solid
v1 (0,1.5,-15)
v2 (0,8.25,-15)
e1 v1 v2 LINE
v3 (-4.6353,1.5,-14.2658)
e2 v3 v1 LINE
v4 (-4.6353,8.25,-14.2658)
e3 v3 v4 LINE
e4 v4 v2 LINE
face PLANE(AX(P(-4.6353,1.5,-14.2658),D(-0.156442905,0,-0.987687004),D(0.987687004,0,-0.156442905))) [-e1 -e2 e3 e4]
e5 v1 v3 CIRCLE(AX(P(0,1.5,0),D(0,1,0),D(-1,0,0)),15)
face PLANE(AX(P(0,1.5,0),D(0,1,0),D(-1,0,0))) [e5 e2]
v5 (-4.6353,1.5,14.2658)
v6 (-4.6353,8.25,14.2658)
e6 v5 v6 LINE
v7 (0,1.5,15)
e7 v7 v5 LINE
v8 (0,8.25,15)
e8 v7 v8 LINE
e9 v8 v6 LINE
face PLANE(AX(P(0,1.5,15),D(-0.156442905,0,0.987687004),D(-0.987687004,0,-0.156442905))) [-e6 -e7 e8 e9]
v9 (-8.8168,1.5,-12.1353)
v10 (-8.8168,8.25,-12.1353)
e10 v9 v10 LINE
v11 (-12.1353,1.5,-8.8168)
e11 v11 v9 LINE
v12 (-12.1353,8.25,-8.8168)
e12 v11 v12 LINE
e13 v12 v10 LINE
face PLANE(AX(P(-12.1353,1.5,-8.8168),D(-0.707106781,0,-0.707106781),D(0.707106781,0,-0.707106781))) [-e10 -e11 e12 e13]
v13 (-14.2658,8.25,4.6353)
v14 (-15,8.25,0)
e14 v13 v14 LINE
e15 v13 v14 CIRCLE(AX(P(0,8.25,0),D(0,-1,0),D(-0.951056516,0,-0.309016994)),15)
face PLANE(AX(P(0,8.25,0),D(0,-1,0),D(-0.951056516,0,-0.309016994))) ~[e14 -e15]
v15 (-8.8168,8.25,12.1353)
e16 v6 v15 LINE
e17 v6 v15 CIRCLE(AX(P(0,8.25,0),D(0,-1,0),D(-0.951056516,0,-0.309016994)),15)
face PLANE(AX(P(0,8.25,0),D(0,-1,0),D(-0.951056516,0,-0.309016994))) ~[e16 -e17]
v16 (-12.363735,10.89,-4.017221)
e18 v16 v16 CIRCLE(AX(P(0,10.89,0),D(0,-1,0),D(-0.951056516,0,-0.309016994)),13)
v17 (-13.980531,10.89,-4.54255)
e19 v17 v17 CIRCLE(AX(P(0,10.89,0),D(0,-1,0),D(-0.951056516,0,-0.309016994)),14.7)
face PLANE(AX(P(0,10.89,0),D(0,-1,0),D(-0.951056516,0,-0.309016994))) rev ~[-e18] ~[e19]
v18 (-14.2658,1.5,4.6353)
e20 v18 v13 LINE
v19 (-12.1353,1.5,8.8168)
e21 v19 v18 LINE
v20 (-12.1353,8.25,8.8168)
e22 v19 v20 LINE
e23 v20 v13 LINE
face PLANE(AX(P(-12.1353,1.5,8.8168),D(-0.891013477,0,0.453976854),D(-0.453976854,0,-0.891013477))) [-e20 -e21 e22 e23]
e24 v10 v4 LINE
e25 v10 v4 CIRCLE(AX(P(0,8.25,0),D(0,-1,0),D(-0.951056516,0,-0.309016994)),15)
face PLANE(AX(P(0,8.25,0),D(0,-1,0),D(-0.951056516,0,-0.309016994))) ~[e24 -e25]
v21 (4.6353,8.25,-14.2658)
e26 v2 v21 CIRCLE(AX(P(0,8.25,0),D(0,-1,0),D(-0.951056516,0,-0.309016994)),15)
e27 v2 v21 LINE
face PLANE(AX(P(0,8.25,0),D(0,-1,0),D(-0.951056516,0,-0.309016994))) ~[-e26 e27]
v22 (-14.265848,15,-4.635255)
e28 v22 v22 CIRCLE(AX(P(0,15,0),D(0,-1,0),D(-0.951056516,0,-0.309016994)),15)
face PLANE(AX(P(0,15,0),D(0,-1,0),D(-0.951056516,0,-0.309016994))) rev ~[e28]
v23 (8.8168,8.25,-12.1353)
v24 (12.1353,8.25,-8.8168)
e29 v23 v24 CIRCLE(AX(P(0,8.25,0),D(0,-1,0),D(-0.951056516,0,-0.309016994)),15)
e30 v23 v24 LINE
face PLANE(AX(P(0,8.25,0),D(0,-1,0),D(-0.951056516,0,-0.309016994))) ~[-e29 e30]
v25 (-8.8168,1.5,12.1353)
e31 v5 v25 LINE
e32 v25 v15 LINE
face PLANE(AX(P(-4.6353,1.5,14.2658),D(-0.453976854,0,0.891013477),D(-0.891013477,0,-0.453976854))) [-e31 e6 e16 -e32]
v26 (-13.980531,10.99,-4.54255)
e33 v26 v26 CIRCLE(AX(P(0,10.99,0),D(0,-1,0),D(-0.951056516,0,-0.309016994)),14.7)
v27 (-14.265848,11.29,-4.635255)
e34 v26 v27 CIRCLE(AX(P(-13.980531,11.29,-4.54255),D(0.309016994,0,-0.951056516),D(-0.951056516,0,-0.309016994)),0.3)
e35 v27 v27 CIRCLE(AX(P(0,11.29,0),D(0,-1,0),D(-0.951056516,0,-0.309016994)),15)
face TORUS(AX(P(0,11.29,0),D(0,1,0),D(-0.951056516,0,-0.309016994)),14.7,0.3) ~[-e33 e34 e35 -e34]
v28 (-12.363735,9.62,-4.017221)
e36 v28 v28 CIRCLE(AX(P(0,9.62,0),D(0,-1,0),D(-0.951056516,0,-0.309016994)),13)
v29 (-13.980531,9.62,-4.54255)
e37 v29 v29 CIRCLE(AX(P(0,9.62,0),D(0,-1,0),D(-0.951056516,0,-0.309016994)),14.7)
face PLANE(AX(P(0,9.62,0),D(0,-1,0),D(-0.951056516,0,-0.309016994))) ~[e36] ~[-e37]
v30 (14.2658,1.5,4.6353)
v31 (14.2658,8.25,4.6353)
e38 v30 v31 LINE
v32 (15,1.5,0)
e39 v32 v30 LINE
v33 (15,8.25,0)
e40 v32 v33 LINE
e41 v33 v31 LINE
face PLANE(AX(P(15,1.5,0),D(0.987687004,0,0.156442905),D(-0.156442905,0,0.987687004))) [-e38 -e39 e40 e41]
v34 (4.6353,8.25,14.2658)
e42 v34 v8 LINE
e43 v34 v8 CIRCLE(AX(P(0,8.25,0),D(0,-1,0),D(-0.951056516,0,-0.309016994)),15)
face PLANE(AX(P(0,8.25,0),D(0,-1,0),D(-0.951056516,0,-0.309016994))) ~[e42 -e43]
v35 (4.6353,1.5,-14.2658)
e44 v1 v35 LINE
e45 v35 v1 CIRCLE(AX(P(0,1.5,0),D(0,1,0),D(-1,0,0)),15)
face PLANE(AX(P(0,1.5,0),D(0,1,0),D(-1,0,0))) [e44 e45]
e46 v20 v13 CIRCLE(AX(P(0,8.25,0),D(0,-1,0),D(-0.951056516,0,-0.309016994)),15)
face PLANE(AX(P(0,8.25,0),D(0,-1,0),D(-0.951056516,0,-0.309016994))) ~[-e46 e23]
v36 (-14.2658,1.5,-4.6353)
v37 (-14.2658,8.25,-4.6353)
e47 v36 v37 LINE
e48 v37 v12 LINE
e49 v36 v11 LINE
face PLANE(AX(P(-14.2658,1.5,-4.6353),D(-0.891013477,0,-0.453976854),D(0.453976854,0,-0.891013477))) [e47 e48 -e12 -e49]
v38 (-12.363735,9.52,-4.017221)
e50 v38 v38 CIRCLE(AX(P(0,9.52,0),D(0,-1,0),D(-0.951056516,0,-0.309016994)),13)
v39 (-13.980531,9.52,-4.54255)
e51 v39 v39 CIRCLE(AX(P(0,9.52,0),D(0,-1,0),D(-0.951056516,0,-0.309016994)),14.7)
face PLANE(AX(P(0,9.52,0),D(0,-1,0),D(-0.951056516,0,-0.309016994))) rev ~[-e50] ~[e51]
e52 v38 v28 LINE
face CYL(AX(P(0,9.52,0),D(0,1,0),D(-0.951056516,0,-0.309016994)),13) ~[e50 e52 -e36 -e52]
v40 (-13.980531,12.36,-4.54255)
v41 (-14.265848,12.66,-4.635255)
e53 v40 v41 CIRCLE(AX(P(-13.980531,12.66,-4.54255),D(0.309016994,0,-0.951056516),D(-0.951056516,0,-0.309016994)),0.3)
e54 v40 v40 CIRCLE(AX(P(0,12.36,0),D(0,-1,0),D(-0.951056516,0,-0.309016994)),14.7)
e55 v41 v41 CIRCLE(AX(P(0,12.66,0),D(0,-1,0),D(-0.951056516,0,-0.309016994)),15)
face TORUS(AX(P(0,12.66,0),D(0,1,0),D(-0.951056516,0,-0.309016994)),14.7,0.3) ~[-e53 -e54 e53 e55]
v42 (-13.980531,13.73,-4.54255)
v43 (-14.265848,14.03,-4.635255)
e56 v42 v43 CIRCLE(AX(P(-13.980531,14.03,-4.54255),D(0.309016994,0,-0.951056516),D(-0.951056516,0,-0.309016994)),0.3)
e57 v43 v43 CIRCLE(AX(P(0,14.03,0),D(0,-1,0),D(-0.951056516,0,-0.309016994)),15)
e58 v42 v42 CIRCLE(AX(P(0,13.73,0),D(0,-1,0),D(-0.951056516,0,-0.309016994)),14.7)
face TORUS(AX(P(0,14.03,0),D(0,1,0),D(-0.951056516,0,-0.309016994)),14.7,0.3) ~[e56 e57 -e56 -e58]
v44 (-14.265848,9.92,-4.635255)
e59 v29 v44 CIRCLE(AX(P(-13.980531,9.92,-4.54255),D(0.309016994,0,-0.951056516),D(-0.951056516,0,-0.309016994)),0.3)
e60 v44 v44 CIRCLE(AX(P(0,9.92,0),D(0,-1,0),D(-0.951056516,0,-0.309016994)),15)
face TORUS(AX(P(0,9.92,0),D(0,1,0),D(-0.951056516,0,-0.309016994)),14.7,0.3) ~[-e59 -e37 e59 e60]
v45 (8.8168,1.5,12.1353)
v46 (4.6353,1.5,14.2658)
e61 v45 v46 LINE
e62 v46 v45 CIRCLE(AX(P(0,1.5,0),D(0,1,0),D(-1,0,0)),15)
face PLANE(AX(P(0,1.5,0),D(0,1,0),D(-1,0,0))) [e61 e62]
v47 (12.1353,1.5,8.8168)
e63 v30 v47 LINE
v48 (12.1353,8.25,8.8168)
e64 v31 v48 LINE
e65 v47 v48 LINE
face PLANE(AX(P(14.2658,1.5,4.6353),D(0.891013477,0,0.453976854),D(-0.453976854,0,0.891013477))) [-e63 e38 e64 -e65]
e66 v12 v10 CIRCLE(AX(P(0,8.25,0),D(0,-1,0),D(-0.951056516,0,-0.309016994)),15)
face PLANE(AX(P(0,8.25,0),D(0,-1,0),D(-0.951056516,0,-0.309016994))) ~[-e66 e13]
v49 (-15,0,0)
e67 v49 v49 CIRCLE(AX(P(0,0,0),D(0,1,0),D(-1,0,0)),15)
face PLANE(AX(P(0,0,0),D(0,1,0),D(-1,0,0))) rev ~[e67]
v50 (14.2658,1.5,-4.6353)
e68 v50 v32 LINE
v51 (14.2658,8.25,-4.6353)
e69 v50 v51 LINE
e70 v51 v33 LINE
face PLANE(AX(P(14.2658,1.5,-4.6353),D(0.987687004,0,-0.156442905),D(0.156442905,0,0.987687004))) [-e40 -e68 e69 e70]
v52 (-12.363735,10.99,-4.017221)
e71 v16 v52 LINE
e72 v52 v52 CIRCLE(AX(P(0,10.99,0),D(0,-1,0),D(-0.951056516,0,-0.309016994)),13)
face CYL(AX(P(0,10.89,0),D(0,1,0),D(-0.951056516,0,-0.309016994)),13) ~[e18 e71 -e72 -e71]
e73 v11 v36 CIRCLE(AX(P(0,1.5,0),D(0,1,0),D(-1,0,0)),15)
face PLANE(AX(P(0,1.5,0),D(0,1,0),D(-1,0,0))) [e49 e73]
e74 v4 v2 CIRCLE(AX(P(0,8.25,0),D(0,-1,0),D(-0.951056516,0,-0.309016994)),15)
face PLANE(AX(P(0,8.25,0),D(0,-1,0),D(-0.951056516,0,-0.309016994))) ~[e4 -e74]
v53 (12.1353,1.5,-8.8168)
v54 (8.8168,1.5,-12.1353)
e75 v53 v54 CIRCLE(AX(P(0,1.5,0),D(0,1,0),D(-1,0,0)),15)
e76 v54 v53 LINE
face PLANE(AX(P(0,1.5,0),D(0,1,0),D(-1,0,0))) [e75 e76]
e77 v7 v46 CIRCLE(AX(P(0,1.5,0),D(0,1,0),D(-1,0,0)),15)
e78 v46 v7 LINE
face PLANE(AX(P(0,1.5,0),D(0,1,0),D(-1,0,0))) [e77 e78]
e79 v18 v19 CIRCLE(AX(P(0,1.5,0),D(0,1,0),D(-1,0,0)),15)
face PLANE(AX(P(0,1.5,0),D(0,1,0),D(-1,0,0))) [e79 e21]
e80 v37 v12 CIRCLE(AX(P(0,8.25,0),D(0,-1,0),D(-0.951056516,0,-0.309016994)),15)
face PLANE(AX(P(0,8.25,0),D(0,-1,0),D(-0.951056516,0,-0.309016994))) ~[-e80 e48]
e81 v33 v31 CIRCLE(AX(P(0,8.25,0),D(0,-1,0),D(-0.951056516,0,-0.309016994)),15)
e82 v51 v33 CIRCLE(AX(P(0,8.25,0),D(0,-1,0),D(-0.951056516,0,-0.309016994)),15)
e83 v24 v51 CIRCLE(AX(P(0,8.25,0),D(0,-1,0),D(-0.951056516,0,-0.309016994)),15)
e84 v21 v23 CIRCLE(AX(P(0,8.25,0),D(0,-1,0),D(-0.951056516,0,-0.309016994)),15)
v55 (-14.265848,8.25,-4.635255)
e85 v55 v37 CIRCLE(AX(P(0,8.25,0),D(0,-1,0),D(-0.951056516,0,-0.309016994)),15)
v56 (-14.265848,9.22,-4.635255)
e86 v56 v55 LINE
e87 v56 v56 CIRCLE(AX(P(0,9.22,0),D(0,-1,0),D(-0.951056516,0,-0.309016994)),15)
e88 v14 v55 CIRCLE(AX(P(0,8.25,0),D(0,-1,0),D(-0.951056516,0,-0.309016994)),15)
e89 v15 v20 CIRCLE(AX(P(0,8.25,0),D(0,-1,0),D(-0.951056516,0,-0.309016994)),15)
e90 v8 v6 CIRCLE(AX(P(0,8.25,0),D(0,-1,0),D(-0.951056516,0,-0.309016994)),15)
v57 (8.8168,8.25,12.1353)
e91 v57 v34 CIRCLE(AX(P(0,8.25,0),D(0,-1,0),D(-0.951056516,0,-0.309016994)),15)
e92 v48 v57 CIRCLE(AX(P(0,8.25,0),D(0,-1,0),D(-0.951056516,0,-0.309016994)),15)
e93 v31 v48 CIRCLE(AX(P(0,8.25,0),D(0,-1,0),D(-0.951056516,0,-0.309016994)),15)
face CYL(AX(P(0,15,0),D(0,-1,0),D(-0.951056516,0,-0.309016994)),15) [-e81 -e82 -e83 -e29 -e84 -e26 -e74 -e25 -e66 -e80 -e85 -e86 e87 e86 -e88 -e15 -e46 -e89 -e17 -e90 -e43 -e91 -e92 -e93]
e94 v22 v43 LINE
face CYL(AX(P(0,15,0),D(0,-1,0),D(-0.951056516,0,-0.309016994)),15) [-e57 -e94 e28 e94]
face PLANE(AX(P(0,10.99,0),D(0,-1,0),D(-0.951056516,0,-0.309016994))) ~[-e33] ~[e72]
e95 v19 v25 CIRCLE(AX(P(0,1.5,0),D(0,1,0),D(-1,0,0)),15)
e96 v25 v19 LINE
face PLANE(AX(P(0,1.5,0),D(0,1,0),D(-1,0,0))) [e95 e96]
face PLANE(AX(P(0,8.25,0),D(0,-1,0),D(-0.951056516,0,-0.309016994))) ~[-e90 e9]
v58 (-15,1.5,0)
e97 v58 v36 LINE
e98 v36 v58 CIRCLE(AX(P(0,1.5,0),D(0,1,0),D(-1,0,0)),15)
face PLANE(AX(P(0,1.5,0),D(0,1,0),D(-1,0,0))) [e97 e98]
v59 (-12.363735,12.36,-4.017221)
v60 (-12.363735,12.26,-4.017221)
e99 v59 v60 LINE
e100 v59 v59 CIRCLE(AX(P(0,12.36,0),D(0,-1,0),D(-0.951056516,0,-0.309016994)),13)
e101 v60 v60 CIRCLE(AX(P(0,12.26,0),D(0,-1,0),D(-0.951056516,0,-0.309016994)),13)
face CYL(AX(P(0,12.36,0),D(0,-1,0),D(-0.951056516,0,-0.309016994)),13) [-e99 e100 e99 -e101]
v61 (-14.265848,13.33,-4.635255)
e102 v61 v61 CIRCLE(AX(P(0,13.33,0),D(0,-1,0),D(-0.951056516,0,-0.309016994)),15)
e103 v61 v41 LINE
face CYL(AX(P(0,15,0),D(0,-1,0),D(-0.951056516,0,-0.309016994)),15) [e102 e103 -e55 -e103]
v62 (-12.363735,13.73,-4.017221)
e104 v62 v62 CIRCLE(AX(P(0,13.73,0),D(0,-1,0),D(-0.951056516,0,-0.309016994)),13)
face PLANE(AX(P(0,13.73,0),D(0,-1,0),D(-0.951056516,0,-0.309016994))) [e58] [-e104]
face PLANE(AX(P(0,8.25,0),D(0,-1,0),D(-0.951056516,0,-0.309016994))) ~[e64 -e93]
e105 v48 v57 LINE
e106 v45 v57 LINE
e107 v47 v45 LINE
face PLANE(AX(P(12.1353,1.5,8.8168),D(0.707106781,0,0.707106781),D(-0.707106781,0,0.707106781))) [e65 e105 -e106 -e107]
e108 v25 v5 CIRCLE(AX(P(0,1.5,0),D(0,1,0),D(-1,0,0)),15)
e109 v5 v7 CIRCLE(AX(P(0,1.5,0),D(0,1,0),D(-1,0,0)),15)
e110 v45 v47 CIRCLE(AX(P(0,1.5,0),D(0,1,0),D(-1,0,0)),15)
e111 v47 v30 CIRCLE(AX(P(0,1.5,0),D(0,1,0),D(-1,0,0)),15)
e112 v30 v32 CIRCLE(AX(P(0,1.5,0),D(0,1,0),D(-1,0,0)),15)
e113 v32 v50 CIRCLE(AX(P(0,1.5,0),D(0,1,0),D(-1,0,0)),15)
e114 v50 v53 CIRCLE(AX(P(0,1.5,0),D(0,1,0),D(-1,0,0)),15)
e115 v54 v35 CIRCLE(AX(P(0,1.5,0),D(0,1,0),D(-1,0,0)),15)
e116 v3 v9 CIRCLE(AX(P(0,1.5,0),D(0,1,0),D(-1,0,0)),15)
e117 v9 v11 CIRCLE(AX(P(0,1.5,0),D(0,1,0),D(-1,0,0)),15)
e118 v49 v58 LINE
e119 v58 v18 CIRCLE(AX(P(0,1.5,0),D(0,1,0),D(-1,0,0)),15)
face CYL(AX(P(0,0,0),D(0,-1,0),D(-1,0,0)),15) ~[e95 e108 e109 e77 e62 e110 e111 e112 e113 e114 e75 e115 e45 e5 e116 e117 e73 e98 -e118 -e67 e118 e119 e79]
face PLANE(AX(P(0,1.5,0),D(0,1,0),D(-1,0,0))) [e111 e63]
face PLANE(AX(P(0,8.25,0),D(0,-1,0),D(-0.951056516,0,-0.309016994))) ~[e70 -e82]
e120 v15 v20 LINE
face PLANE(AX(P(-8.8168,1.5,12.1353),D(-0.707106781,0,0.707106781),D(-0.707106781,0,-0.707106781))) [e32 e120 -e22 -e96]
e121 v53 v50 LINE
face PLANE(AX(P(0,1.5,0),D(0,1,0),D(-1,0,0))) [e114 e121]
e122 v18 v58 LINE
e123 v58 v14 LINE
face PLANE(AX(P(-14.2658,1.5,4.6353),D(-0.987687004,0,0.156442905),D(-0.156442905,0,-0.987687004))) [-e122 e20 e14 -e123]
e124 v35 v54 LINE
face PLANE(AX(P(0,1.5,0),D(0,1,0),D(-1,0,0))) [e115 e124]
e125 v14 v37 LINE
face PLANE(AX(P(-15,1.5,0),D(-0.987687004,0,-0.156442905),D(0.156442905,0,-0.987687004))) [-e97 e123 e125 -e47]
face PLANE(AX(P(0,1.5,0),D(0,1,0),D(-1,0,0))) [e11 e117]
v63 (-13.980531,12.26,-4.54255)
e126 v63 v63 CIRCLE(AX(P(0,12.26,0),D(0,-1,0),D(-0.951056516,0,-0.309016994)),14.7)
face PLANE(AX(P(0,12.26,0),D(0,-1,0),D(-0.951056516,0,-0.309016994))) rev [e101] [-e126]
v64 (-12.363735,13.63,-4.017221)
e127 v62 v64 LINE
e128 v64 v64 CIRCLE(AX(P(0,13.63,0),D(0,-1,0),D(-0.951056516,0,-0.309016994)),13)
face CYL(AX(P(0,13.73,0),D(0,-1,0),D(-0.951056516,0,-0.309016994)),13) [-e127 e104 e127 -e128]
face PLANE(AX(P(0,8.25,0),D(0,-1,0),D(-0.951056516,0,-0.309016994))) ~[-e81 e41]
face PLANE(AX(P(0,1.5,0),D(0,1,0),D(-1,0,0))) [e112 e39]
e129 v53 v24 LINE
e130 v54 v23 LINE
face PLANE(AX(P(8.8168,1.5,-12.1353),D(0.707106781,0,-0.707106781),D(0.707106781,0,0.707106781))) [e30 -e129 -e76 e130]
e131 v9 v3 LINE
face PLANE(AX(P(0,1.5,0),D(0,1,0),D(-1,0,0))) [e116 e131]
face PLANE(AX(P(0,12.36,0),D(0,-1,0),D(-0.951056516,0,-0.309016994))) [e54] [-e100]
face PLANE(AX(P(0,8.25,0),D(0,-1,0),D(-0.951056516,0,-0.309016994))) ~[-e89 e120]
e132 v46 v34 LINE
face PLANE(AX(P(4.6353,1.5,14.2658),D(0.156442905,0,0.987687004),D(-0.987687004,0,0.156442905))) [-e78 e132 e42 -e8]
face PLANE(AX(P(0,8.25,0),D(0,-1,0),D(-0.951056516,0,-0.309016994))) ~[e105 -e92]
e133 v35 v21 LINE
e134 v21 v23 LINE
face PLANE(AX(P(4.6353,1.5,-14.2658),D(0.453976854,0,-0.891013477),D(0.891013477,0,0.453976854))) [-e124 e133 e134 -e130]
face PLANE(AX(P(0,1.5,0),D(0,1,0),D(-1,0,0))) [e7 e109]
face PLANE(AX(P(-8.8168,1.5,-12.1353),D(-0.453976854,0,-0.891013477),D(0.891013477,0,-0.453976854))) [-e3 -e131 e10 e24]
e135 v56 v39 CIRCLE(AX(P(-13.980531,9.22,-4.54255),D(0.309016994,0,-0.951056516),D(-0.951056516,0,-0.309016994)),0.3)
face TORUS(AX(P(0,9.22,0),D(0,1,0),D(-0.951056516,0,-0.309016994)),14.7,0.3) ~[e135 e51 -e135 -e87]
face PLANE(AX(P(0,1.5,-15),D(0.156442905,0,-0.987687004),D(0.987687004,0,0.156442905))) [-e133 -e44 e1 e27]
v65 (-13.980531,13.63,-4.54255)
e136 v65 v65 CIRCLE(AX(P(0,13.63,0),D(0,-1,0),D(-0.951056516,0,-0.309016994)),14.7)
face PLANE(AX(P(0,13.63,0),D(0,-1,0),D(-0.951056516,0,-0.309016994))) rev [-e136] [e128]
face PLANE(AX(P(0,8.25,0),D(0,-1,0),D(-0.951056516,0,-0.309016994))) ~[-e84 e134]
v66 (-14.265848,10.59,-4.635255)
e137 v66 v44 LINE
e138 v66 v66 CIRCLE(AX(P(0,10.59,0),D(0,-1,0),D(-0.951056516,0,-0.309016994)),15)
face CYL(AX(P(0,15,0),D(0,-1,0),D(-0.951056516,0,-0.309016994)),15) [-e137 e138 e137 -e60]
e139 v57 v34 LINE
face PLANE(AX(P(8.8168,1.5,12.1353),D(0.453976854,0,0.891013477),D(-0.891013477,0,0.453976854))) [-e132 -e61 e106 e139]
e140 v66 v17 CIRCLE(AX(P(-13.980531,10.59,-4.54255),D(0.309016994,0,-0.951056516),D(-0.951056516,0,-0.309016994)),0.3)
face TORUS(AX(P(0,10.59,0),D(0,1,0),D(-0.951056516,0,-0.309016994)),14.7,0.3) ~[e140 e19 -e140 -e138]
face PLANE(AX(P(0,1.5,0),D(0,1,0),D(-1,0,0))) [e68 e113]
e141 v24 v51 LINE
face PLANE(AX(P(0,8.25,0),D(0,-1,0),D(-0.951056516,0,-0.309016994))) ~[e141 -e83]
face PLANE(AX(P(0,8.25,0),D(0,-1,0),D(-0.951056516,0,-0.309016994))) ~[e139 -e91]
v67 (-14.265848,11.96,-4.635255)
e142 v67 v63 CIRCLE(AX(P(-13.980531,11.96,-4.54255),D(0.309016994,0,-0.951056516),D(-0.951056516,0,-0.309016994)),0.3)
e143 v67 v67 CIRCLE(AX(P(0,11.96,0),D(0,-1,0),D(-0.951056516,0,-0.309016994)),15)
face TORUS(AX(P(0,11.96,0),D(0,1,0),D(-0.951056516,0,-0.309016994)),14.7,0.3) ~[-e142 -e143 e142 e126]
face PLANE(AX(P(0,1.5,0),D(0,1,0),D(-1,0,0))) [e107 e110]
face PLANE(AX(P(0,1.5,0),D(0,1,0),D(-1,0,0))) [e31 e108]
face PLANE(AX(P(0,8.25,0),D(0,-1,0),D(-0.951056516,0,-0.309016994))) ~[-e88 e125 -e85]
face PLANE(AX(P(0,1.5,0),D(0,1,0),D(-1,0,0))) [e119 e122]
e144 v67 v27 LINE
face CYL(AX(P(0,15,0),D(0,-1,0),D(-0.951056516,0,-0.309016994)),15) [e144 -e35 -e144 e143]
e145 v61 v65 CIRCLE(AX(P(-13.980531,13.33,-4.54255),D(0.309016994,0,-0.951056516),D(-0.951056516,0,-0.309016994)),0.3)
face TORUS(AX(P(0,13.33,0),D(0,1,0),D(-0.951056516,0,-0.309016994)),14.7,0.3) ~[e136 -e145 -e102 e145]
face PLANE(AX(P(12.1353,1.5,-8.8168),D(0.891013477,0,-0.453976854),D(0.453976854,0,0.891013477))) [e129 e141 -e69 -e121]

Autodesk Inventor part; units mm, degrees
ref_plane "YZ Plane" through (0, 0, 0) normal (1, 0, 0) x (0, 1, 0)
ref_plane "XZ Plane" through (0, 0, 0) normal (0, 1, 0) x (-1, 0, 0)
sketch "草圖1" plane through (0, 0, 0) normal (0, 1, 0) x (-1, 0, 0)
  circle A0 centre (0, 0) radius 15
  dimension "d0" = 30
extrude "擠出1" add sketch "草圖1" along normal blind 1.5
sketch "草圖4" plane through (0, 1.5, 0) normal (0, 1, 0) x (1, 0, 0)
  circle A0 centre (0, 0) radius 15 projected
  line L0 (0, 15) -> (4.6353, 14.2658)
  line L1 (4.6353, 14.2658) -> (8.8168, 12.1353)
  line L2 (8.8168, 12.1353) -> (12.1353, 8.8168)
  line L3 (12.1353, 8.8168) -> (14.2658, 4.6353)
  line L4 (14.2658, 4.6353) -> (15, 0)
  line L5 (15, 0) -> (14.2658, -4.6353)
  line L6 (14.2658, -4.6353) -> (12.1353, -8.8168)
  line L7 (12.1353, -8.8168) -> (8.8168, -12.1353)
  line L8 (8.8168, -12.1353) -> (4.6353, -14.2658)
  line L9 (4.6353, -14.2658) -> (0, -15)
  line L10 (0, -15) -> (-4.6353, -14.2658)
  line L11 (-4.6353, -14.2658) -> (-8.8168, -12.1353)
  line L12 (-8.8168, -12.1353) -> (-12.1353, -8.8168)
  line L13 (-12.1353, -8.8168) -> (-14.2658, -4.6353)
  line L14 (-14.2658, -4.6353) -> (-15, 0)
  line L15 (-15, 0) -> (-14.2658, 4.6353)
  line L16 (-14.2658, 4.6353) -> (-12.1353, 8.8168)
  line L17 (-12.1353, 8.8168) -> (-8.8168, 12.1353)
  line L18 (-8.8168, 12.1353) -> (-4.6353, 14.2658)
  line L19 (-4.6353, 14.2658) -> (0, 15)
extrude "擠出4" add sketch "草圖4" along normal blind 6.75 contours L5 L6 L7 L8 L9 L10 L11 L12 L13 L14 L15 L16 L17 L18 L19 L0 L1 L2 L3 L4
ref_plane "工作平面4" through (0, 1.5, 0) normal (-0.309, 0, 0.9511) x (0, 1, 0)
sketch "草圖6" plane through (0, 1.5, 0) normal (-0.309, 0, 0.9511) x (0, 1, 0)
  line L0 (6.75, 0) -> (6.75, 4.6353) projected
  line L1 (0, 15) -> (6.75, 15) projected
  line L2 (6.75, 0) -> (6.75, 15)
  line L3 (13.5, 15) -> (13.5, 0)
  line L4 (13.5, 0) -> (6.75, 0)
  line L5 (13.5, 15) -> (12.23, 15)
  line L6 (12.23, 15) -> (12.13, 15)
  line L7 (13.5, 15) -> (6.75, 15)
  line L8 (12.23, 15) -> (12.13, 15)
  line L9 (12.13, 15) -> (10.86, 15)
  line L10 (10.86, 15) -> (10.76, 15)
  line L11 (10.76, 15) -> (9.49, 15)
  line L12 (9.49, 15) -> (9.39, 15)
  line L13 (9.39, 15) -> (8.12, 15)
  line L14 (8.12, 15) -> (8.02, 15)
  line L15 (6.75, 14.2658) -> (6.75, 15) projected
  line L16 (8.02, 15) -> (6.75, 15)
  line L17 (12.13, 15) -> (12.23, 15)
  line L18 (12.23, 15) -> (12.23, 13)
  line L19 (12.23, 13) -> (12.13, 13)
  line L20 (12.13, 13) -> (12.13, 15)
  line L21 (10.76, 15) -> (10.86, 15)
  line L22 (10.86, 15) -> (10.86, 13)
  line L23 (10.86, 13) -> (10.76, 13)
  line L24 (10.76, 13) -> (10.76, 15)
  line L25 (9.49, 15) -> (9.39, 15)
  line L26 (9.39, 15) -> (9.39, 13)
  line L27 (9.39, 13) -> (9.49, 13)
  line L28 (9.49, 13) -> (9.49, 15)
  line L29 (8.12, 15) -> (8.02, 15)
  line L30 (8.02, 15) -> (8.02, 13)
  line L31 (8.02, 13) -> (8.12, 13)
  line L32 (8.12, 13) -> (8.12, 15)
  point P0 (-1.5, 0)
  point P1 (6.75, 4.6353)
  dimension "d17" = 1.27
  dimension "d24" = 0.1
  dimension "d25" = 1.27
  dimension "d26" = 0.1
  dimension "d27" = 1.27
  dimension "d28" = 0.1
  dimension "d29" = 1.27
  dimension "d30" = 0.1
  dimension "d31" = 1.27
  dimension "d32" = 2
  dimension "d33" = 2
  dimension "d34" = 2
  dimension "d35" = 2
revolve "迴轉1" add sketch "草圖6" angle 360 about axis through (0, 15, 0) along (0, -1, 0) contours L0 L2 L7 L30 L31 L32 L26 L27 L28 L24 L23 L22 L20 L19 L18 L5 L3 L4
fillet "圓角1" radius 0.3 8 edges at (14.2658, 13.73, 4.6353) (14.2658, 13.63, 4.6353) (14.2658, 12.36, 4.6353) (14.2658, 12.26, 4.6353) (14.2658, 10.99, 4.6353) (14.2658, 10.89, 4.6353) (14.2658, 9.62, 4.6353) (14.2658, 9.52, 4.6353)
properties part number "援助上面"
